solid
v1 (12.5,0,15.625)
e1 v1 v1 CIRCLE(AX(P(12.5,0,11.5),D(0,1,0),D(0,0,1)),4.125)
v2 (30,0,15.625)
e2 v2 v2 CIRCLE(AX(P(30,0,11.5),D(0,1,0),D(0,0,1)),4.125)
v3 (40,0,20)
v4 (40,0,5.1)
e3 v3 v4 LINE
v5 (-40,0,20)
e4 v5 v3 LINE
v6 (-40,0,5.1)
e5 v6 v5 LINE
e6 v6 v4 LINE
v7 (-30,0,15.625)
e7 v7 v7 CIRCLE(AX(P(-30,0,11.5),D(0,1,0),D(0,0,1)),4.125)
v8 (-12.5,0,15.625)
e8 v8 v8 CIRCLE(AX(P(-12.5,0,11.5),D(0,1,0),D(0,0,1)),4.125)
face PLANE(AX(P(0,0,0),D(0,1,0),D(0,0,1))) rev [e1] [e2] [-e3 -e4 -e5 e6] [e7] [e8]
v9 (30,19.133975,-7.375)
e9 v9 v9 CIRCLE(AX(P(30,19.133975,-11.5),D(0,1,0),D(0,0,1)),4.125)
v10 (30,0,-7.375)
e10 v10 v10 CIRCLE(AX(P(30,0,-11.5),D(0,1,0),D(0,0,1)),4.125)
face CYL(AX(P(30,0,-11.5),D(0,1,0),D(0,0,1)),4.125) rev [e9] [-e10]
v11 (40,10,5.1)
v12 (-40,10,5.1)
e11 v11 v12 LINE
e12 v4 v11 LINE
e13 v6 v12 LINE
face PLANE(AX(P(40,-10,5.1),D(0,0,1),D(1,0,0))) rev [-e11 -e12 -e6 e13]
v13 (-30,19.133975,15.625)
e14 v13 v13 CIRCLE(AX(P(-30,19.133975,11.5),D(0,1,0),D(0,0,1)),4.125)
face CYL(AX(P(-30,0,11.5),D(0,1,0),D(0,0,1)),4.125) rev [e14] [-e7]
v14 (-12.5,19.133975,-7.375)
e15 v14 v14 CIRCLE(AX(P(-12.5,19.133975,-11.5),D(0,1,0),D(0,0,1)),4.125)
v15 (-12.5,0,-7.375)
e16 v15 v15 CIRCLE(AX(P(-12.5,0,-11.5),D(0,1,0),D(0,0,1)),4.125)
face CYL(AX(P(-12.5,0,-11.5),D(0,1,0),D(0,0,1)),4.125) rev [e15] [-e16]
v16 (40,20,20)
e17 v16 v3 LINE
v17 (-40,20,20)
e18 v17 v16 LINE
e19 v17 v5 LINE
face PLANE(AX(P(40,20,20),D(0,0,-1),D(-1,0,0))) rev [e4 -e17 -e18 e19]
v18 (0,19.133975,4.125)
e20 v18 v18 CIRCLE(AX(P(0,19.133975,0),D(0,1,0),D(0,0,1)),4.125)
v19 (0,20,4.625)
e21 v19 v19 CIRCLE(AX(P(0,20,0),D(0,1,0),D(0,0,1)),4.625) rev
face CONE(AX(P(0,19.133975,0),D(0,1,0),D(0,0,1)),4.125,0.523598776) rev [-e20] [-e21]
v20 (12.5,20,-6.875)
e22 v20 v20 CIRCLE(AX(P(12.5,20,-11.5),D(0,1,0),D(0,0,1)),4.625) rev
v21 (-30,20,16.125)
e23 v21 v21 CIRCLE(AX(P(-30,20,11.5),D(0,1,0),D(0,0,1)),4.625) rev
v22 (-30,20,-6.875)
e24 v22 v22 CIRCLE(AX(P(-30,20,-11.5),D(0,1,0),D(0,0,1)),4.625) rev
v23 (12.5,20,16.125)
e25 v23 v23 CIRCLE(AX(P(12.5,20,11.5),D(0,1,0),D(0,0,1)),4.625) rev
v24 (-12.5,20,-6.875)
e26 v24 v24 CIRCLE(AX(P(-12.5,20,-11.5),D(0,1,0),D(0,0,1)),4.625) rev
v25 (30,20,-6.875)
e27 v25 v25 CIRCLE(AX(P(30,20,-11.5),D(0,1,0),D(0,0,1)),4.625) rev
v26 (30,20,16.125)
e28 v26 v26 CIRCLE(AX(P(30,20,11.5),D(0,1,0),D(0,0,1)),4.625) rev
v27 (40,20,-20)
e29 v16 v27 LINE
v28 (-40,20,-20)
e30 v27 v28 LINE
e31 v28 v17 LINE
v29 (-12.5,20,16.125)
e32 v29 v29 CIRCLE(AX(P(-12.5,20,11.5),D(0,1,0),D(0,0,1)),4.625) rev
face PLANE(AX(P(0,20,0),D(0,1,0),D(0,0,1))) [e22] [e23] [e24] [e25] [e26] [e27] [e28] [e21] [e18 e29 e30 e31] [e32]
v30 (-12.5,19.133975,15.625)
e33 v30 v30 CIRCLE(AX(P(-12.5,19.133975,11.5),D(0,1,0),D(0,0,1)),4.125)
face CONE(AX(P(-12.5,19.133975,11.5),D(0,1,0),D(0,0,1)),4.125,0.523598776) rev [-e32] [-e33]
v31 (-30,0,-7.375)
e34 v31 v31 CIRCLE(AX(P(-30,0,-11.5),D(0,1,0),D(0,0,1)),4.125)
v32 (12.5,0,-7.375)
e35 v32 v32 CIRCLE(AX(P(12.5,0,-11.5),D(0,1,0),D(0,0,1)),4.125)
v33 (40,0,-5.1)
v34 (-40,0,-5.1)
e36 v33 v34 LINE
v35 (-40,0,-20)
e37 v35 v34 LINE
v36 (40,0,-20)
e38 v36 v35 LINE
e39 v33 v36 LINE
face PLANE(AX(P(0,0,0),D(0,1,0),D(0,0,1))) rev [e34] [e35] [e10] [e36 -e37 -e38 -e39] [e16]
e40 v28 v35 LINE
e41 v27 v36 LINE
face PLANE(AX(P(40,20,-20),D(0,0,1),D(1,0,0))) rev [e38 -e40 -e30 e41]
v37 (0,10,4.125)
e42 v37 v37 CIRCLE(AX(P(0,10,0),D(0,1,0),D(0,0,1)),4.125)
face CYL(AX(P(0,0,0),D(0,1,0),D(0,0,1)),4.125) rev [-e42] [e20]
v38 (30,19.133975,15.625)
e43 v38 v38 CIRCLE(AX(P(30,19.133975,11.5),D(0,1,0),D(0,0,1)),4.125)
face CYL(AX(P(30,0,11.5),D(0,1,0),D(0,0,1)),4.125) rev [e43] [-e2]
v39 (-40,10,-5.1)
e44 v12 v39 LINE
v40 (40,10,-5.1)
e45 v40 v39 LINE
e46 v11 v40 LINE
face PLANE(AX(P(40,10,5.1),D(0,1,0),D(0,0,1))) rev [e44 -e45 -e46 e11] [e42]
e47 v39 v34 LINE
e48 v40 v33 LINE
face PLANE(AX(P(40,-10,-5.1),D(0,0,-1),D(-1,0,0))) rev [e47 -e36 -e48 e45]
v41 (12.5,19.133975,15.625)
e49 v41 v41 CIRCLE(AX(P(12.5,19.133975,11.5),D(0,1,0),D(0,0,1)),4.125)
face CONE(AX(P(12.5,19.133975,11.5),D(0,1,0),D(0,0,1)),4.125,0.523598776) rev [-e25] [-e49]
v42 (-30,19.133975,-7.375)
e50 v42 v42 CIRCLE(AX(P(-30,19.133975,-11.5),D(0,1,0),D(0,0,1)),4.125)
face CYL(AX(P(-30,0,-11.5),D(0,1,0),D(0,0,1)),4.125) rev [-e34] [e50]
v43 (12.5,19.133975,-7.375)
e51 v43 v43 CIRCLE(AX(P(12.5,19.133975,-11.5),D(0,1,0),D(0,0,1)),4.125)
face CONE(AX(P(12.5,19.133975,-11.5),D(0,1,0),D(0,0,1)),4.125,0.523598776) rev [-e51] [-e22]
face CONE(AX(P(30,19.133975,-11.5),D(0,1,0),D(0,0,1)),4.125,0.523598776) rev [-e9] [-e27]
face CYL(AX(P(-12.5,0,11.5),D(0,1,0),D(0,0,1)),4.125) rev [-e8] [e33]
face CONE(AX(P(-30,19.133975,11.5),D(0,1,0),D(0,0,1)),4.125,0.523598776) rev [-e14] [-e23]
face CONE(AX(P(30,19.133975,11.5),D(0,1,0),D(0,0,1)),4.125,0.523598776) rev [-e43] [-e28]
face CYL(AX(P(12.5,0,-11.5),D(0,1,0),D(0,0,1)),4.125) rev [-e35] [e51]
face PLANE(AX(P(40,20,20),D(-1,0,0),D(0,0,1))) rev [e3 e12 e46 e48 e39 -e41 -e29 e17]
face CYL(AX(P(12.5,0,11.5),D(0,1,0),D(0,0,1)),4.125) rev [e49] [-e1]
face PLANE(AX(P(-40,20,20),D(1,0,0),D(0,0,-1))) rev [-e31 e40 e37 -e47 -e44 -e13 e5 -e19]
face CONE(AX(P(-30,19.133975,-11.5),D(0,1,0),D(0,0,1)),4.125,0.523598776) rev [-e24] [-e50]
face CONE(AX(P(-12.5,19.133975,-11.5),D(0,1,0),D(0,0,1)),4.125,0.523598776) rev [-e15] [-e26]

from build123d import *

# Parameters (mm, degrees)
SKETCH1_W           = 80
SKETCH1_H           = 40
BOSS_EXTRUDE1_DEPTH = 20
SKETCH2_W           = 10.2
SKETCH2_H           = 20
CUT_EXTRUDE1_DEPTH  = 81
SKETCH3_R           = 4.125
CUT_EXTRUDE2_DEPTH  = 21
CHAMFER1_SIZE       = 0.5
CHAMFER1_SIZE2      = 0.866025404


with BuildPart() as part:
    # Sketch1 → Boss-Extrude1 (new body)
    with BuildSketch(Plane(origin=(0, 0, 0), x_dir=(1, 0, 0), z_dir=(0, 1, 0))):
        Rectangle(SKETCH1_W, SKETCH1_H)
    extrude(amount=BOSS_EXTRUDE1_DEPTH)

    # Sketch2 → Cut-Extrude1 (cut, through all)
    with BuildSketch(Plane.ZY.offset(40)):
        Rectangle(SKETCH2_W, SKETCH2_H)
    extrude(amount=-CUT_EXTRUDE1_DEPTH, mode=Mode.SUBTRACT)

    # Sketch3 → Cut-Extrude2 (cut, through all)
    with BuildSketch(Plane(origin=(0, 20, 0), x_dir=(1, 0, 0), z_dir=(0, 1, 0))):
        with Locations(Location((12.5, -11.5, 0), (0, 0, 270))):  # turned: the seam where the file's is
            Circle(SKETCH3_R)
        with Locations(Location((-12.5, -11.5, 0), (0, 0, 270))):  # turned: the seam where the file's is
            Circle(SKETCH3_R)
        with Locations(Location((-12.5, 11.5, 0), (0, 0, 270))):  # turned: the seam where the file's is
            Circle(SKETCH3_R)
        with Locations(Location((12.5, 11.5, 0), (0, 0, 270))):  # turned: the seam where the file's is
            Circle(SKETCH3_R)
        with Locations(Location((30, -11.5, 0), (0, 0, 270))):  # turned: the seam where the file's is
            Circle(SKETCH3_R)
        with Locations(Location((-30, -11.5, 0), (0, 0, 270))):  # turned: the seam where the file's is
            Circle(SKETCH3_R)
        with Locations(Location((-30, 11.5, 0), (0, 0, 270))):  # turned: the seam where the file's is
            Circle(SKETCH3_R)
        with Locations(Location((30, 11.5, 0), (0, 0, 270))):  # turned: the seam where the file's is
            Circle(SKETCH3_R)
        with Locations(Location((0, 0, 0), (0, 0, 270))):  # turned: the seam where the file's is
            Circle(SKETCH3_R)
    extrude(amount=-CUT_EXTRUDE2_DEPTH, mode=Mode.SUBTRACT)

    # Chamfer1
    chamfer1_edges = [part.edges().sort_by_distance(p)[0] for p in [
        (12.5, 20, 7.375),
        (0, 20, -4.125),
        (30, 20, -15.625),
        (-30, 20, -15.625),
        (-30, 20, 7.375),
        (30, 20, 7.375),
        (12.5, 20, -15.625),
        (-12.5, 20, -15.625),
        (-12.5, 20, 7.375),
    ]]
    chamfer1_side = [part.faces().sort_by_distance(p)[0] for p in [
        (0, 20, 19.105572809),
    ]]
    chamfer(chamfer1_edges, length=CHAMFER1_SIZE, length2=CHAMFER1_SIZE2, reference=chamfer1_side[0])


solid = part.part
